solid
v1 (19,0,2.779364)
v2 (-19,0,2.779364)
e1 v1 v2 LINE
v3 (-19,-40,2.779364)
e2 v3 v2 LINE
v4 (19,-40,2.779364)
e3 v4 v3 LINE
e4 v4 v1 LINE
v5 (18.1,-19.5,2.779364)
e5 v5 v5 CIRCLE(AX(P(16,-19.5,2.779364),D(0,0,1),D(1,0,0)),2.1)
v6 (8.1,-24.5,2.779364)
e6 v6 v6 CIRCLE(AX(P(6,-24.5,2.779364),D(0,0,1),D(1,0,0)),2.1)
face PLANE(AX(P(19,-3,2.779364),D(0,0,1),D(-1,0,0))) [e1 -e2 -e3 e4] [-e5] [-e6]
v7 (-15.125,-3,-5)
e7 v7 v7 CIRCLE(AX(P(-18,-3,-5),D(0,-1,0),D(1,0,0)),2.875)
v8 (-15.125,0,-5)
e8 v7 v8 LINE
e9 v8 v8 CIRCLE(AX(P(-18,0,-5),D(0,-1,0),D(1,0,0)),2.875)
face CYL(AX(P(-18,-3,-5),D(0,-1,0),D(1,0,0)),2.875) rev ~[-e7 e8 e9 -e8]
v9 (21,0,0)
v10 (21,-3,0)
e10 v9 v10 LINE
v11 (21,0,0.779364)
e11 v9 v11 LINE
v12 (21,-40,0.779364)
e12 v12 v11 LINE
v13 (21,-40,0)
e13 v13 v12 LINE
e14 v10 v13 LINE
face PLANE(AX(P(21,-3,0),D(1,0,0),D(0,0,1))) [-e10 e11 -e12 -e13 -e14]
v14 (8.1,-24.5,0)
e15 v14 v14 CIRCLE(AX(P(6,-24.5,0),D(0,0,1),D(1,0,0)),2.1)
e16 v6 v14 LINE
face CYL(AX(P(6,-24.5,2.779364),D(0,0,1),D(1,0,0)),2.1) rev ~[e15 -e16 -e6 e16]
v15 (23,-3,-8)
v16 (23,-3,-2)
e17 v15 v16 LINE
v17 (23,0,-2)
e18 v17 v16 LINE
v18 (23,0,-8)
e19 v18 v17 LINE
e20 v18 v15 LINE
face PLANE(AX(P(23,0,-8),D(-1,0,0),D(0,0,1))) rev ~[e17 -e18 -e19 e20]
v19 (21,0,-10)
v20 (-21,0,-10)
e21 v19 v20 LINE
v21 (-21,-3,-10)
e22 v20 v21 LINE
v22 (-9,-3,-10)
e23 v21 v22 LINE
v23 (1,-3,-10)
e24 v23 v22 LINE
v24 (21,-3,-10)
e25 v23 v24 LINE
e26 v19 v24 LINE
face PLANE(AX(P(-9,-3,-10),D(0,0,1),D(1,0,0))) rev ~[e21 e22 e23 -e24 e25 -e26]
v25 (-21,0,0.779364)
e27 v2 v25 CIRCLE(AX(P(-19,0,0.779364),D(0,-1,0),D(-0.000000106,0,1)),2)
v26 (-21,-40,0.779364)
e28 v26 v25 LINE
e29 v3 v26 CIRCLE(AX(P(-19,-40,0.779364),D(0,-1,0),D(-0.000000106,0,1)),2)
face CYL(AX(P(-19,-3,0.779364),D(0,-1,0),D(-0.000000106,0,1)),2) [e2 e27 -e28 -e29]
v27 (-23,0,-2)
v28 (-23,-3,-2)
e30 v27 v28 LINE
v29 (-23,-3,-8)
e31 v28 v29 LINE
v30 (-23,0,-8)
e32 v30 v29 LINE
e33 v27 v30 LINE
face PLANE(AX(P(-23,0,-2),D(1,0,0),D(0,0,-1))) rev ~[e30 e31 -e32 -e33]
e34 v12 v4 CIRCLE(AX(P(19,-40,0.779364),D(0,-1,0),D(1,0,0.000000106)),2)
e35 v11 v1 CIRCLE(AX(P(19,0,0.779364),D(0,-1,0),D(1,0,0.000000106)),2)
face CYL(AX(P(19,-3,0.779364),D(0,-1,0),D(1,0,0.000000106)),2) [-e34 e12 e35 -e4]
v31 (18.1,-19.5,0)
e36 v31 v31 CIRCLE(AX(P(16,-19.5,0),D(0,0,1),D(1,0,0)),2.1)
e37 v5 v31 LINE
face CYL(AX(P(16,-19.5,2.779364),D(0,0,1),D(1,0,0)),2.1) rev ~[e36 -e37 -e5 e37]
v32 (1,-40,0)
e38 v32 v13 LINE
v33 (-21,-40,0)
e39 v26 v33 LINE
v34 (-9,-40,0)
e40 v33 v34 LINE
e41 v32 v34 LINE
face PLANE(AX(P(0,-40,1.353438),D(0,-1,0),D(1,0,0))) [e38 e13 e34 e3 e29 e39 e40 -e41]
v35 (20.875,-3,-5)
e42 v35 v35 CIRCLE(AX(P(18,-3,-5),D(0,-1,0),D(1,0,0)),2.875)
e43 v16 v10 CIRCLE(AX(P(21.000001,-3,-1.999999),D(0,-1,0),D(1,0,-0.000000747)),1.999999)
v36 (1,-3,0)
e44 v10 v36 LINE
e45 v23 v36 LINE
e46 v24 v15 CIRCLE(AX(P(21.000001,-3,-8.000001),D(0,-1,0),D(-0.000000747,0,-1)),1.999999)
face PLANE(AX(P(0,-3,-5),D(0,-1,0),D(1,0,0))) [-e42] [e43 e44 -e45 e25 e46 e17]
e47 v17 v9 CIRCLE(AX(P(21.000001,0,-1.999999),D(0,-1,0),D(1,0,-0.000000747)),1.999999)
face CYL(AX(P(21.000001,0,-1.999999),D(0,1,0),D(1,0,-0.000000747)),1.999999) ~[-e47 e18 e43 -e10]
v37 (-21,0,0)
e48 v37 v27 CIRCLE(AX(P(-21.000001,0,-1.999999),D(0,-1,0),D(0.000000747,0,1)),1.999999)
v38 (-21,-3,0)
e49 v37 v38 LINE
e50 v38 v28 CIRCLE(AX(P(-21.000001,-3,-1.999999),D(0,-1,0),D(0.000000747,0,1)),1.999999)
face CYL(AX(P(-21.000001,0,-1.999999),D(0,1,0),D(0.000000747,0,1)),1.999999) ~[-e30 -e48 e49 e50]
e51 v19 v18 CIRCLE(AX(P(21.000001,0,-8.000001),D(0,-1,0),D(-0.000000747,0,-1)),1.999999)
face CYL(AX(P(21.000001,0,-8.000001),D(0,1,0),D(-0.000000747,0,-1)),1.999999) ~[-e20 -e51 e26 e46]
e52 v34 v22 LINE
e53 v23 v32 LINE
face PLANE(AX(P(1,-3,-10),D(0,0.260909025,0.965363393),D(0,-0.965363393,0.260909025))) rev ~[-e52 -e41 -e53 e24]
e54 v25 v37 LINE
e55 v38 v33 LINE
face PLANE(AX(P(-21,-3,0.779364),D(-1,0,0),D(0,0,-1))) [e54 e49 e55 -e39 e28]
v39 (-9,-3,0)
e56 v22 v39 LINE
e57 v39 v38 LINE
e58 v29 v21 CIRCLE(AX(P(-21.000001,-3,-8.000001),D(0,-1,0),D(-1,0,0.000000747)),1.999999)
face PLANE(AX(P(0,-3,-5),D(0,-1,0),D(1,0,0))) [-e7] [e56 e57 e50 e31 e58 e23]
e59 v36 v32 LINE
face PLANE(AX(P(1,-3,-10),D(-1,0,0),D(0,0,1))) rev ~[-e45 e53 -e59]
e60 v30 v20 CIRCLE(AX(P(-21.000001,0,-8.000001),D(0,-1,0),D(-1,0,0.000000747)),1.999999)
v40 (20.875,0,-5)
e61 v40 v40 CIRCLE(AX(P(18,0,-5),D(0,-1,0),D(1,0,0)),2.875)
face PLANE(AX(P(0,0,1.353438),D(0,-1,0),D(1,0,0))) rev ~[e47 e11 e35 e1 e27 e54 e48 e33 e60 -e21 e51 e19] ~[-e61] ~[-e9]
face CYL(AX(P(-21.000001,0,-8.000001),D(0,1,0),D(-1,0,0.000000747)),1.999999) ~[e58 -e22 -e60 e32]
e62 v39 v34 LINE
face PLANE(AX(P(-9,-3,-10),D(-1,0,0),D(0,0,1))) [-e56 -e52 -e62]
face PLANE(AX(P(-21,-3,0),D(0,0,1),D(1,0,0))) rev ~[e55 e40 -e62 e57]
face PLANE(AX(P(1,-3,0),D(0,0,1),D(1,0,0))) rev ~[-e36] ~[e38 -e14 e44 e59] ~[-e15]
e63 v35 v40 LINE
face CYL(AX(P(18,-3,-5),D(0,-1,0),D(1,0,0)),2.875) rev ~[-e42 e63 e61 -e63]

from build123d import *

# Parameters (mm, degrees)
F1_DEPTH      = 3
F2_R          = 2.875
F3_DEPTH      = 25
F4_W          = 10
F4_H          = 10
F5_DEPTH      = 37
F5_DEPTH_BACK = 3
F7_DEPTH      = 25
F8_R          = 2.1
F9_DEPTH      = 25


with BuildPart() as f1:
    # F0 (on Front) → F1 (new body)
    with BuildSketch(Plane.XZ):
        with BuildLine():
            Line((21, 0), (-21, 0))
            ThreePointArc((-21, 0), (-22.414214, -0.585786), (-23, -2))
            Line((-23, -2), (-23, -8))
            ThreePointArc((-23, -8), (-22.414214, -9.414214), (-21, -10))
            Line((-21, -10), (21, -10))
            ThreePointArc((21, -10), (22.414214, -9.414214), (23, -8))
            Line((23, -8), (23, -2))
            ThreePointArc((23, -2), (22.414214, -0.585786), (21, 0))
        make_face()
    extrude(amount=F1_DEPTH)

    # F2 (on face) → F3 (cut)
    with BuildSketch(Plane.XZ.offset(3)):
        with Locations((-18, -5)):
            Circle(F2_R)
        with Locations((18, -5)):
            Circle(F2_R)
    extrude(amount=-F3_DEPTH, mode=Mode.SUBTRACT)

    # F4 (on face) → F5 (join, two sides)
    with BuildSketch(Plane.XZ.offset(3)) as f5_sk:
        with BuildLine():
            Line((-21, 0.779364), (-21, 0))
            Line((-21, 0), (-9, 0))
            Line((-9, 0), (1, 0))
            Line((1, 0), (21, 0))
            Line((21, 0), (21, 0.779364))
            ThreePointArc((21, 0.779364), (20.414214, 2.193577), (19, 2.779364))
            Line((19, 2.779364), (-19, 2.779364))
            ThreePointArc((-19, 2.779364), (-20.414214, 2.193577), (-21, 0.779364))
        make_face()
        with Locations((-4, -5)):
            Rectangle(F4_W, F4_H)
    extrude(amount=F5_DEPTH)
    extrude(f5_sk.sketch, amount=-F5_DEPTH_BACK)

    # F6 (on face) → F7 (cut)
    with BuildSketch(Plane.YZ.offset(1)):
        Polygon((-3, -10), (-40, 0), (-40, -10), align=None)
    extrude(amount=-F7_DEPTH, mode=Mode.SUBTRACT)

    # F8 (on face) → F9 (cut)
    with BuildSketch(Plane.XY.offset(2.779364)):
        with Locations((16, -19.5)):
            Circle(F8_R)
        with Locations((6, -24.5)):
            Circle(F8_R)
    extrude(amount=-F9_DEPTH, mode=Mode.SUBTRACT)


solid = f1.part
